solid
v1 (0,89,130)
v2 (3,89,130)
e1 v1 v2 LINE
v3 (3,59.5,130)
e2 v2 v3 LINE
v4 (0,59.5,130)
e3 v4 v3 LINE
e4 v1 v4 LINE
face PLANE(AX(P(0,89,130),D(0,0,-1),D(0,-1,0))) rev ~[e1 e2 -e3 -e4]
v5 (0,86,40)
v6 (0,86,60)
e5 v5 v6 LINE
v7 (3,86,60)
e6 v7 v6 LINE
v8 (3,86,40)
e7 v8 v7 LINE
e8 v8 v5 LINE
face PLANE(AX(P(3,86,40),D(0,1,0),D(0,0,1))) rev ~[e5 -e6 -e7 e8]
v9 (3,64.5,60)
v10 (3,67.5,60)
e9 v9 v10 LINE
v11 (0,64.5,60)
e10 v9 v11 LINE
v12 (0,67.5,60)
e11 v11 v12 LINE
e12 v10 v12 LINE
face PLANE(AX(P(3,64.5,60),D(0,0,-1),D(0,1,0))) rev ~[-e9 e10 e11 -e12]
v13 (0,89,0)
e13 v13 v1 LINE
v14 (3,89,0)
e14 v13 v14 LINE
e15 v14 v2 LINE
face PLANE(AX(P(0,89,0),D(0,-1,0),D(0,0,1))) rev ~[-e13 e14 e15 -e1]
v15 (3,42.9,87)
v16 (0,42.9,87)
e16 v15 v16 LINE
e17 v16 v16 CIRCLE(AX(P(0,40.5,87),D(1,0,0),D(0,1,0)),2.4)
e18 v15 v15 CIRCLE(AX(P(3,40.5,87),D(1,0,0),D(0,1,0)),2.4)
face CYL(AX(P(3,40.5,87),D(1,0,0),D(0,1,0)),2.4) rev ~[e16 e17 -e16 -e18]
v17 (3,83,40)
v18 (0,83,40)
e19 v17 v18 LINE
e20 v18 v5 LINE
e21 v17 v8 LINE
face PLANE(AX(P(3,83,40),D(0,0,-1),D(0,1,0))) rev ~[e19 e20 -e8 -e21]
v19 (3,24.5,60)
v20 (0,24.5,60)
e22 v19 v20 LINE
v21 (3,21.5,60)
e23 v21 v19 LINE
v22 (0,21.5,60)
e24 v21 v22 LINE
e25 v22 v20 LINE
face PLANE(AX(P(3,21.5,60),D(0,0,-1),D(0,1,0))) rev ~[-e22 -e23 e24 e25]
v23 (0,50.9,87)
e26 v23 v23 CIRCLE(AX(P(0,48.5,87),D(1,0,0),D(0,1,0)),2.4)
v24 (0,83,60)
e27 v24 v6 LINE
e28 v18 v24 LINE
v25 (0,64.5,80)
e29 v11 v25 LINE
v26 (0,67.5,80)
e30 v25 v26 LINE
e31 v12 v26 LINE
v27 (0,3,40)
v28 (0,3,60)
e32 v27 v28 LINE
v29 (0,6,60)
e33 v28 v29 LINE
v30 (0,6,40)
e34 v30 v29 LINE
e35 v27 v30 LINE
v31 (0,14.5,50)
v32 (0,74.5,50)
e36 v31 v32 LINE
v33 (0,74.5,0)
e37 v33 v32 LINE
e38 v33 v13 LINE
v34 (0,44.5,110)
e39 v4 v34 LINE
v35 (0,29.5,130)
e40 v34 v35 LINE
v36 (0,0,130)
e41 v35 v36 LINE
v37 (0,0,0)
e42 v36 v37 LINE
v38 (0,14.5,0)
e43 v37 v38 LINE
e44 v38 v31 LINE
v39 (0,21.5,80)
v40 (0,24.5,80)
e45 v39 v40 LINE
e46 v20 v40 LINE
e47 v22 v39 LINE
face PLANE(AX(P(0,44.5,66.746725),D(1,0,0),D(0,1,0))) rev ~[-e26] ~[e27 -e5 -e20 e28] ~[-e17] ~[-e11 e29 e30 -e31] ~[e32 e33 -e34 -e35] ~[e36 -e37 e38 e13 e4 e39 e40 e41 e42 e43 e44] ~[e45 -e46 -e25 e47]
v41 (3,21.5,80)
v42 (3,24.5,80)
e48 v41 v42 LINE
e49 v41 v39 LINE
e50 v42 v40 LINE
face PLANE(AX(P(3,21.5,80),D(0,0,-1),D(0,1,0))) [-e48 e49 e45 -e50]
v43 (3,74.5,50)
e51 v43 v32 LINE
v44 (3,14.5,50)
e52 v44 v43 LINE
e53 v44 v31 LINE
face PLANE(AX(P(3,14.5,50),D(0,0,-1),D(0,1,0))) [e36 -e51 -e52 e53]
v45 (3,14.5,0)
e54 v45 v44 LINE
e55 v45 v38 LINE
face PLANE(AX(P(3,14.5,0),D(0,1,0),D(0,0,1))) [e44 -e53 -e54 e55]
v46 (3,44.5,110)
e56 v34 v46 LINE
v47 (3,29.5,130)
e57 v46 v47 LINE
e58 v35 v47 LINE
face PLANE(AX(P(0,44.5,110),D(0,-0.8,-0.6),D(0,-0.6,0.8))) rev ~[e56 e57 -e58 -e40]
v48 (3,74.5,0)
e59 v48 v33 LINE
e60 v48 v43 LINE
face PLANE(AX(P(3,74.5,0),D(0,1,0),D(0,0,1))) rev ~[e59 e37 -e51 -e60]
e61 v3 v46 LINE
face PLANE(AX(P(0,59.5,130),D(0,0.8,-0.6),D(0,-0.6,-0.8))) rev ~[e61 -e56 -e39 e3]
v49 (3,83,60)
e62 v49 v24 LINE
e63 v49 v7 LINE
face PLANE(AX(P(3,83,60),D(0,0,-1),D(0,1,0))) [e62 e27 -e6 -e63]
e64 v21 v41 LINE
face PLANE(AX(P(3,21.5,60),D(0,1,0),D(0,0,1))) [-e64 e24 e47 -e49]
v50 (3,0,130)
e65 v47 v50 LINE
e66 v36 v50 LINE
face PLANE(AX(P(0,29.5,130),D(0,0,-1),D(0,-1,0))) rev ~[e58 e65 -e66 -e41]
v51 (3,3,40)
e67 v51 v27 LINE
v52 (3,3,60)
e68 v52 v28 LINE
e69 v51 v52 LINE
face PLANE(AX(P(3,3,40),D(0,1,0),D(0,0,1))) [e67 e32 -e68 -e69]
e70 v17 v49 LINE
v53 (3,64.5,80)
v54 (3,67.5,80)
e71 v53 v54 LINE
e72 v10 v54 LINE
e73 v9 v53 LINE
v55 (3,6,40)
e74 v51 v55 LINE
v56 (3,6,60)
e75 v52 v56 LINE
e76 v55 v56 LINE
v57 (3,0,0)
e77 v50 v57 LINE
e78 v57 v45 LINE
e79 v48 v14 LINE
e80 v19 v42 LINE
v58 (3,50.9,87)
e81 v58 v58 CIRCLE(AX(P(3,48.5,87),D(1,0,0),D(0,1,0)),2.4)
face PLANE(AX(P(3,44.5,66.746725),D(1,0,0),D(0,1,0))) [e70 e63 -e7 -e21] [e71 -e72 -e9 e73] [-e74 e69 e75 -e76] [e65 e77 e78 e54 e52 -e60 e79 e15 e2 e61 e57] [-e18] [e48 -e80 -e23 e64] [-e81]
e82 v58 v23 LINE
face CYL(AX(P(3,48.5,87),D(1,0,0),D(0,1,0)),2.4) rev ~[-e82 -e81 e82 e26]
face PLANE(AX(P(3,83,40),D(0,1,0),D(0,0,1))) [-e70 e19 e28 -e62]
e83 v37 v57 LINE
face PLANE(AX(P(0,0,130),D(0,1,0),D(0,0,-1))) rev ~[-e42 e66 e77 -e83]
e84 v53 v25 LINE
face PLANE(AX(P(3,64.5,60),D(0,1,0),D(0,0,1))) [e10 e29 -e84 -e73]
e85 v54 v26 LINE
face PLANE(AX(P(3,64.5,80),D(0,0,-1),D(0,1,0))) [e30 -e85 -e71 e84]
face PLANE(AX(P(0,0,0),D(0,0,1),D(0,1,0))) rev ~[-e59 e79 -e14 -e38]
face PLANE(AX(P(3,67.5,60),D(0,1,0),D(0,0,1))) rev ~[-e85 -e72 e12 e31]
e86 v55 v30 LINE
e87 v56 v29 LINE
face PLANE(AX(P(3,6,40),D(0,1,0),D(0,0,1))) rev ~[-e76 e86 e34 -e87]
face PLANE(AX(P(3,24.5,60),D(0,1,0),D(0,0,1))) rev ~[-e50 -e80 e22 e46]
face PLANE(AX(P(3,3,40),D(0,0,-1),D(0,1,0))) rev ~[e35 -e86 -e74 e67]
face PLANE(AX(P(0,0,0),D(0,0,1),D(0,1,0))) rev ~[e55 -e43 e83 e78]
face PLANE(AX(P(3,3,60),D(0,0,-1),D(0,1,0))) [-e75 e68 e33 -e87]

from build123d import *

# Parameters (mm, degrees)
F1_DEPTH = 3
F2_W     = 3
F2_H     = 20
F2_R     = 2.4
F2_W_2   = 60
F2_H_2   = 50
F3_DEPTH = 25


with BuildPart() as f1:
    # F0 (on Right) → F1 (new body)
    with BuildSketch(Plane.YZ):
        Polygon((29.5, 130), (0, 130), (0, 0), (89, 0), (89, 130), (59.5, 130), (44.5, 110), align=None)
    extrude(amount=F1_DEPTH)

    # F2 (on face) → F3 (cut)
    with BuildSketch(Plane.YZ.offset(3)):
        with Locations((4.5, 50)):
            Rectangle(F2_W, F2_H)
        with Locations((84.5, 50)):
            Rectangle(F2_W, F2_H)
        with Locations((40.5, 87)):
            Circle(F2_R)
        with Locations((48.5, 87)):
            Circle(F2_R)
        with Locations((23, 70)):
            Rectangle(F2_W, F2_H)
        with Locations((66, 70)):
            Rectangle(F2_W, F2_H)
        with Locations((44.5, 25)):
            Rectangle(F2_W_2, F2_H_2)
    extrude(amount=-F3_DEPTH, mode=Mode.SUBTRACT)


solid = f1.part
